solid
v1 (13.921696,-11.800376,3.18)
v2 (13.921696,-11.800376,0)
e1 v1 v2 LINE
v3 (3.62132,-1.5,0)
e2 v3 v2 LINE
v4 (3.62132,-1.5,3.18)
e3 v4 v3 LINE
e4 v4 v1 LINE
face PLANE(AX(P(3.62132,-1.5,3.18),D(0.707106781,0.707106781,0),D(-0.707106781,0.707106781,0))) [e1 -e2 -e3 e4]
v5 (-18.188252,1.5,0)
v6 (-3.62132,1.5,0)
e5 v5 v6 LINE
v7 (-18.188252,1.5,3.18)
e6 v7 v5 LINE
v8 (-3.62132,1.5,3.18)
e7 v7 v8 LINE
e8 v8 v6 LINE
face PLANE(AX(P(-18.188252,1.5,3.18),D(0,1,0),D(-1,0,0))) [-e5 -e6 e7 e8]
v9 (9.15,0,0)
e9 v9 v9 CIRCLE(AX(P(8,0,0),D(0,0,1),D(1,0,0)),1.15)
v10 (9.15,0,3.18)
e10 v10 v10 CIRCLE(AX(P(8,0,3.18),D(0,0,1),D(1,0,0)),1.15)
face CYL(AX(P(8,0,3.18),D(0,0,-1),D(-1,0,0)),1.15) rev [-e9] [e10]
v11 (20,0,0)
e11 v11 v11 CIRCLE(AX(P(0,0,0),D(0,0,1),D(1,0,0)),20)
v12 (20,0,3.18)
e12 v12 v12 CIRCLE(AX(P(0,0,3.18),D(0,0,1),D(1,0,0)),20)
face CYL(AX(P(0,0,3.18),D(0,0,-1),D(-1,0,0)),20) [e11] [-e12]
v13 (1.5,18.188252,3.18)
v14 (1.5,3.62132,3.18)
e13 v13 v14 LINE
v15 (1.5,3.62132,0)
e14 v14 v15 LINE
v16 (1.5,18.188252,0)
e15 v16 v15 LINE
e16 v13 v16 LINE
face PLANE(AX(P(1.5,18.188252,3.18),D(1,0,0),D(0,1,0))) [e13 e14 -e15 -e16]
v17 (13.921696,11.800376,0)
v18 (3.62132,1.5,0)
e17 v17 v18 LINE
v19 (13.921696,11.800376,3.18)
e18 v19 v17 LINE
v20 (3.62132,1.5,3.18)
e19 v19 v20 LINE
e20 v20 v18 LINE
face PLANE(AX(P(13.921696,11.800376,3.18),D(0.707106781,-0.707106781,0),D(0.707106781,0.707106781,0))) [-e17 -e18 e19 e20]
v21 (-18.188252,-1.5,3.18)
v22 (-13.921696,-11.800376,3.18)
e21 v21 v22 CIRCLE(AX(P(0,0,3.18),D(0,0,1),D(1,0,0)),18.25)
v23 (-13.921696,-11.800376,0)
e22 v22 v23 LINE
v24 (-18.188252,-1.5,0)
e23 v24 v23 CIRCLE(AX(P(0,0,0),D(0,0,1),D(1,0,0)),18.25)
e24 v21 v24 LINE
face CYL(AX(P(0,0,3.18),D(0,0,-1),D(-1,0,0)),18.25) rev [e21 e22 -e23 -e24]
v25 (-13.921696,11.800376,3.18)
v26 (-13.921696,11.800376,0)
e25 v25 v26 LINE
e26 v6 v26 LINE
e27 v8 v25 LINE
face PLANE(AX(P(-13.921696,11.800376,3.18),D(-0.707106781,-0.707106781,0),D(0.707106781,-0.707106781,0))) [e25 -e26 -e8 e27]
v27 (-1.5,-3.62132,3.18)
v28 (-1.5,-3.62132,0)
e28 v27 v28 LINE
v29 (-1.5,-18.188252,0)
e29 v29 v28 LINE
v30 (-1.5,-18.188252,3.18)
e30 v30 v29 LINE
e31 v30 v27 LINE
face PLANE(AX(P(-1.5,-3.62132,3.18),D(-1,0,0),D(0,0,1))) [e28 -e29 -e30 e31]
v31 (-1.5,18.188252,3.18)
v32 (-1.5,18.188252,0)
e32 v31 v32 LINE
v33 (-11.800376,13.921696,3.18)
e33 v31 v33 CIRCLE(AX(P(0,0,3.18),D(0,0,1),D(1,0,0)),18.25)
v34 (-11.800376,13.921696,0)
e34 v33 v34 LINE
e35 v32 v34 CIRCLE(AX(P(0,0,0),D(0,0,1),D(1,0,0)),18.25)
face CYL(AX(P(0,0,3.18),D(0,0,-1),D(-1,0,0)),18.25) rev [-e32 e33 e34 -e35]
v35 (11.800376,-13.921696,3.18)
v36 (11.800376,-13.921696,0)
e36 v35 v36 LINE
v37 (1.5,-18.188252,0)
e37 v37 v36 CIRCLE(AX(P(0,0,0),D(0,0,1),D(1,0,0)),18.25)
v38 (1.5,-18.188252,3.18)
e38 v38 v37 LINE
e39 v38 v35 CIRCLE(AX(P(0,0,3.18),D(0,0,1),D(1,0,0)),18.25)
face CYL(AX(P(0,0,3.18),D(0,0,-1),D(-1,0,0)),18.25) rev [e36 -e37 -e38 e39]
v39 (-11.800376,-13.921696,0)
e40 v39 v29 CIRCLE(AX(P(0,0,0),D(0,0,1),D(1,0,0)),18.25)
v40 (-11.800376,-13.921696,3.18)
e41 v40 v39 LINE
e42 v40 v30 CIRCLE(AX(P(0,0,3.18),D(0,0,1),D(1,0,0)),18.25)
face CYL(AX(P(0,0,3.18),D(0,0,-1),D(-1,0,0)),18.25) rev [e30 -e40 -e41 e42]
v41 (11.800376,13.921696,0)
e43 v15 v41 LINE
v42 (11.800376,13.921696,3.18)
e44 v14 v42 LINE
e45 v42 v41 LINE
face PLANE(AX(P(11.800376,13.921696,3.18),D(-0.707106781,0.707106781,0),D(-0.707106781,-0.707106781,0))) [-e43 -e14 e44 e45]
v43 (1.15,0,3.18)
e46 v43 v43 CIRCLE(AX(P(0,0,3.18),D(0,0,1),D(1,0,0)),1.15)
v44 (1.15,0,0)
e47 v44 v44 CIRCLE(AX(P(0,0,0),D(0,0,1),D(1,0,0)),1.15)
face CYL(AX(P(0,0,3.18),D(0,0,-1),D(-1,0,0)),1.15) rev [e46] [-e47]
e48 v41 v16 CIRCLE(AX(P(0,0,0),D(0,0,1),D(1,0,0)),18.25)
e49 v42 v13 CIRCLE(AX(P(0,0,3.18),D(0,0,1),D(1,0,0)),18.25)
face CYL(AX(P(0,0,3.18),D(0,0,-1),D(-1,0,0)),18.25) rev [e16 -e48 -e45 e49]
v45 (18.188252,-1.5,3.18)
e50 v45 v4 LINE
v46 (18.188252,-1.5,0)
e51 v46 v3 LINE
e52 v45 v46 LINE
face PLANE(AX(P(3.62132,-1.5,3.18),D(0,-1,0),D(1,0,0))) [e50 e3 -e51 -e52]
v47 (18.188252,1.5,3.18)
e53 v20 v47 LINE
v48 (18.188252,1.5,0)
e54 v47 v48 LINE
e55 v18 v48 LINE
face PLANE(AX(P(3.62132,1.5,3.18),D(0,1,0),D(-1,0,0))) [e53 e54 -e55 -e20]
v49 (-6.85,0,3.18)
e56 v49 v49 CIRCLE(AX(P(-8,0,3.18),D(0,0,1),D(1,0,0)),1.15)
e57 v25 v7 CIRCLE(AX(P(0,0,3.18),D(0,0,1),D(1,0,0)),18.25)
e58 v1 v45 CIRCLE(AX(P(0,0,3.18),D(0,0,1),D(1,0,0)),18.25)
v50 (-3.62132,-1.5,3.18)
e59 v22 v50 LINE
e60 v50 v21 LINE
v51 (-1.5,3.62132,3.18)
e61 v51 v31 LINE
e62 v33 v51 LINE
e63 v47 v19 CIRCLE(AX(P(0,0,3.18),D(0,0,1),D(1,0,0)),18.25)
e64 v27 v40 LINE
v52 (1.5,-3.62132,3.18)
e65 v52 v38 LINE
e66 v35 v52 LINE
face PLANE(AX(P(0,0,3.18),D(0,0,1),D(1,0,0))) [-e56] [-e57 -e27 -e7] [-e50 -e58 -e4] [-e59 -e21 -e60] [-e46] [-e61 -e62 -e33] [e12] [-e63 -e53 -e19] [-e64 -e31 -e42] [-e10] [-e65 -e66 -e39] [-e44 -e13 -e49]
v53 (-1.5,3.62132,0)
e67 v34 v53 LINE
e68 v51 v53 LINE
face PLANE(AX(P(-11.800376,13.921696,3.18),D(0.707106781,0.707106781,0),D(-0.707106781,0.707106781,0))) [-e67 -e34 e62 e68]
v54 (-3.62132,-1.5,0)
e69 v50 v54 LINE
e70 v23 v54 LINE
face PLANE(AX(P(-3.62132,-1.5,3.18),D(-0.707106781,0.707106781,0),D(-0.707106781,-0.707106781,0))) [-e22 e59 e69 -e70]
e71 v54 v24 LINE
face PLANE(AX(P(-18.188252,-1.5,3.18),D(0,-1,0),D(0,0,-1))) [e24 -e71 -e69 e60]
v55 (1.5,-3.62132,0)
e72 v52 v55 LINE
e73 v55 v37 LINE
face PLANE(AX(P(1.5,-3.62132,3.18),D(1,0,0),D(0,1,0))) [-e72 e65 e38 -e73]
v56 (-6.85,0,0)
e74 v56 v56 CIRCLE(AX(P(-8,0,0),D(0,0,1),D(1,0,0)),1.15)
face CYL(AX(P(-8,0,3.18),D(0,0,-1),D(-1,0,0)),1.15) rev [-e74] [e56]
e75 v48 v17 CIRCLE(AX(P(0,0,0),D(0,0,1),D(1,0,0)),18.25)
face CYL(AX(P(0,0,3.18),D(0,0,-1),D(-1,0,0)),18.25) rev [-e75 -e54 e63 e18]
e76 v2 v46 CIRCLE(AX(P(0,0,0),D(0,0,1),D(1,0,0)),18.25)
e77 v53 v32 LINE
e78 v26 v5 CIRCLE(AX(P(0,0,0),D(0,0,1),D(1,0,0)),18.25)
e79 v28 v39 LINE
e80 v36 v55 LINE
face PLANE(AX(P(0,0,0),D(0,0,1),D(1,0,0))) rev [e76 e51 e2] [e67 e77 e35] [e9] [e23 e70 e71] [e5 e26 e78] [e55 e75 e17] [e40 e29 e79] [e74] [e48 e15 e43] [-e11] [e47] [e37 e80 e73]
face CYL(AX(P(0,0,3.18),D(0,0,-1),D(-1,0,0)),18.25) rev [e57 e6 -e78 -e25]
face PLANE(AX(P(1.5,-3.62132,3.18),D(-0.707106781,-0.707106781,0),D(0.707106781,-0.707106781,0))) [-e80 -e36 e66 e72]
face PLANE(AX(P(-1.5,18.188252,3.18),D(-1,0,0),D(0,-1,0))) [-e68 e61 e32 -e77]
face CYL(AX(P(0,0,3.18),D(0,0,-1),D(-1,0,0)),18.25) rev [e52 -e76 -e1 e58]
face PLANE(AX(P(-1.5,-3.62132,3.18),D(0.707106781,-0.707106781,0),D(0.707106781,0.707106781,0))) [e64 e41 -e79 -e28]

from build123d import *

# Parameters (mm, degrees)
SKETCH1_R           = 20
SKETCH1_R_2         = 1.15
BOSS_EXTRUDE1_DEPTH = 3.18


with BuildPart() as part:
    # Sketch1 → Boss-Extrude1 (new body)
    with BuildSketch(Plane.XY):
        Circle(SKETCH1_R)
        Circle(SKETCH1_R_2, mode=Mode.SUBTRACT)
        with Locations((-8, 0)):
            Circle(SKETCH1_R_2, mode=Mode.SUBTRACT)
        with Locations((8, 0)):
            Circle(SKETCH1_R_2, mode=Mode.SUBTRACT)
        with BuildLine():
            Line((-1.5, 18.188251703), (-1.5, 3.621320344))
            Line((-1.5, 3.621320344), (-11.800375945, 13.921696289))
            ThreePointArc((-11.800375945, 13.921696289), (-6.983972641, 16.860801468), (-1.5, 18.188251703))
        make_face(mode=Mode.SUBTRACT)
        with BuildLine():
            Line((-1.5, -3.621320344), (-1.5, -18.188251703))
            ThreePointArc((-1.5, -18.188251703), (-6.983972641, -16.860801468), (-11.800375945, -13.921696289))
            Line((-11.800375945, -13.921696289), (-1.5, -3.621320344))
        make_face(mode=Mode.SUBTRACT)
        with BuildLine():
            Line((1.5, -3.621320344), (1.5, -18.188251703))
            ThreePointArc((1.5, -18.188251703), (6.983972641, -16.860801468), (11.800375945, -13.921696289))
            Line((11.800375945, -13.921696289), (1.5, -3.621320344))
        make_face(mode=Mode.SUBTRACT)
        with BuildLine():
            Line((1.5, 18.188251703), (1.5, 3.621320344))
            Line((1.5, 3.621320344), (11.800375945, 13.921696289))
            ThreePointArc((11.800375945, 13.921696289), (6.983972641, 16.860801468), (1.5, 18.188251703))
        make_face(mode=Mode.SUBTRACT)
        with BuildLine():
            Line((-18.188251703, 1.5), (-3.621320344, 1.5))
            Line((-3.621320344, 1.5), (-13.921696289, 11.800375945))
            ThreePointArc((-13.921696289, 11.800375945), (-16.860801468, 6.983972641), (-18.188251703, 1.5))
        make_face(mode=Mode.SUBTRACT)
        with BuildLine():
            Line((-18.188251703, -1.5), (-3.621320344, -1.5))
            Line((-3.621320344, -1.5), (-13.921696289, -11.800375945))
            ThreePointArc((-13.921696289, -11.800375945), (-16.860801468, -6.983972641), (-18.188251703, -1.5))
        make_face(mode=Mode.SUBTRACT)
        with BuildLine():
            Line((3.621320344, 1.5), (18.188251703, 1.5))
            ThreePointArc((18.188251703, 1.5), (16.860801468, 6.983972641), (13.921696289, 11.800375945))
            Line((13.921696289, 11.800375945), (3.621320344, 1.5))
        make_face(mode=Mode.SUBTRACT)
        with BuildLine():
            Line((3.621320344, -1.5), (18.188251703, -1.5))
            ThreePointArc((18.188251703, -1.5), (16.860801468, -6.983972641), (13.921696289, -11.800375945))
            Line((13.921696289, -11.800375945), (3.621320344, -1.5))
        make_face(mode=Mode.SUBTRACT)
    extrude(amount=BOSS_EXTRUDE1_DEPTH)


solid = part.part
